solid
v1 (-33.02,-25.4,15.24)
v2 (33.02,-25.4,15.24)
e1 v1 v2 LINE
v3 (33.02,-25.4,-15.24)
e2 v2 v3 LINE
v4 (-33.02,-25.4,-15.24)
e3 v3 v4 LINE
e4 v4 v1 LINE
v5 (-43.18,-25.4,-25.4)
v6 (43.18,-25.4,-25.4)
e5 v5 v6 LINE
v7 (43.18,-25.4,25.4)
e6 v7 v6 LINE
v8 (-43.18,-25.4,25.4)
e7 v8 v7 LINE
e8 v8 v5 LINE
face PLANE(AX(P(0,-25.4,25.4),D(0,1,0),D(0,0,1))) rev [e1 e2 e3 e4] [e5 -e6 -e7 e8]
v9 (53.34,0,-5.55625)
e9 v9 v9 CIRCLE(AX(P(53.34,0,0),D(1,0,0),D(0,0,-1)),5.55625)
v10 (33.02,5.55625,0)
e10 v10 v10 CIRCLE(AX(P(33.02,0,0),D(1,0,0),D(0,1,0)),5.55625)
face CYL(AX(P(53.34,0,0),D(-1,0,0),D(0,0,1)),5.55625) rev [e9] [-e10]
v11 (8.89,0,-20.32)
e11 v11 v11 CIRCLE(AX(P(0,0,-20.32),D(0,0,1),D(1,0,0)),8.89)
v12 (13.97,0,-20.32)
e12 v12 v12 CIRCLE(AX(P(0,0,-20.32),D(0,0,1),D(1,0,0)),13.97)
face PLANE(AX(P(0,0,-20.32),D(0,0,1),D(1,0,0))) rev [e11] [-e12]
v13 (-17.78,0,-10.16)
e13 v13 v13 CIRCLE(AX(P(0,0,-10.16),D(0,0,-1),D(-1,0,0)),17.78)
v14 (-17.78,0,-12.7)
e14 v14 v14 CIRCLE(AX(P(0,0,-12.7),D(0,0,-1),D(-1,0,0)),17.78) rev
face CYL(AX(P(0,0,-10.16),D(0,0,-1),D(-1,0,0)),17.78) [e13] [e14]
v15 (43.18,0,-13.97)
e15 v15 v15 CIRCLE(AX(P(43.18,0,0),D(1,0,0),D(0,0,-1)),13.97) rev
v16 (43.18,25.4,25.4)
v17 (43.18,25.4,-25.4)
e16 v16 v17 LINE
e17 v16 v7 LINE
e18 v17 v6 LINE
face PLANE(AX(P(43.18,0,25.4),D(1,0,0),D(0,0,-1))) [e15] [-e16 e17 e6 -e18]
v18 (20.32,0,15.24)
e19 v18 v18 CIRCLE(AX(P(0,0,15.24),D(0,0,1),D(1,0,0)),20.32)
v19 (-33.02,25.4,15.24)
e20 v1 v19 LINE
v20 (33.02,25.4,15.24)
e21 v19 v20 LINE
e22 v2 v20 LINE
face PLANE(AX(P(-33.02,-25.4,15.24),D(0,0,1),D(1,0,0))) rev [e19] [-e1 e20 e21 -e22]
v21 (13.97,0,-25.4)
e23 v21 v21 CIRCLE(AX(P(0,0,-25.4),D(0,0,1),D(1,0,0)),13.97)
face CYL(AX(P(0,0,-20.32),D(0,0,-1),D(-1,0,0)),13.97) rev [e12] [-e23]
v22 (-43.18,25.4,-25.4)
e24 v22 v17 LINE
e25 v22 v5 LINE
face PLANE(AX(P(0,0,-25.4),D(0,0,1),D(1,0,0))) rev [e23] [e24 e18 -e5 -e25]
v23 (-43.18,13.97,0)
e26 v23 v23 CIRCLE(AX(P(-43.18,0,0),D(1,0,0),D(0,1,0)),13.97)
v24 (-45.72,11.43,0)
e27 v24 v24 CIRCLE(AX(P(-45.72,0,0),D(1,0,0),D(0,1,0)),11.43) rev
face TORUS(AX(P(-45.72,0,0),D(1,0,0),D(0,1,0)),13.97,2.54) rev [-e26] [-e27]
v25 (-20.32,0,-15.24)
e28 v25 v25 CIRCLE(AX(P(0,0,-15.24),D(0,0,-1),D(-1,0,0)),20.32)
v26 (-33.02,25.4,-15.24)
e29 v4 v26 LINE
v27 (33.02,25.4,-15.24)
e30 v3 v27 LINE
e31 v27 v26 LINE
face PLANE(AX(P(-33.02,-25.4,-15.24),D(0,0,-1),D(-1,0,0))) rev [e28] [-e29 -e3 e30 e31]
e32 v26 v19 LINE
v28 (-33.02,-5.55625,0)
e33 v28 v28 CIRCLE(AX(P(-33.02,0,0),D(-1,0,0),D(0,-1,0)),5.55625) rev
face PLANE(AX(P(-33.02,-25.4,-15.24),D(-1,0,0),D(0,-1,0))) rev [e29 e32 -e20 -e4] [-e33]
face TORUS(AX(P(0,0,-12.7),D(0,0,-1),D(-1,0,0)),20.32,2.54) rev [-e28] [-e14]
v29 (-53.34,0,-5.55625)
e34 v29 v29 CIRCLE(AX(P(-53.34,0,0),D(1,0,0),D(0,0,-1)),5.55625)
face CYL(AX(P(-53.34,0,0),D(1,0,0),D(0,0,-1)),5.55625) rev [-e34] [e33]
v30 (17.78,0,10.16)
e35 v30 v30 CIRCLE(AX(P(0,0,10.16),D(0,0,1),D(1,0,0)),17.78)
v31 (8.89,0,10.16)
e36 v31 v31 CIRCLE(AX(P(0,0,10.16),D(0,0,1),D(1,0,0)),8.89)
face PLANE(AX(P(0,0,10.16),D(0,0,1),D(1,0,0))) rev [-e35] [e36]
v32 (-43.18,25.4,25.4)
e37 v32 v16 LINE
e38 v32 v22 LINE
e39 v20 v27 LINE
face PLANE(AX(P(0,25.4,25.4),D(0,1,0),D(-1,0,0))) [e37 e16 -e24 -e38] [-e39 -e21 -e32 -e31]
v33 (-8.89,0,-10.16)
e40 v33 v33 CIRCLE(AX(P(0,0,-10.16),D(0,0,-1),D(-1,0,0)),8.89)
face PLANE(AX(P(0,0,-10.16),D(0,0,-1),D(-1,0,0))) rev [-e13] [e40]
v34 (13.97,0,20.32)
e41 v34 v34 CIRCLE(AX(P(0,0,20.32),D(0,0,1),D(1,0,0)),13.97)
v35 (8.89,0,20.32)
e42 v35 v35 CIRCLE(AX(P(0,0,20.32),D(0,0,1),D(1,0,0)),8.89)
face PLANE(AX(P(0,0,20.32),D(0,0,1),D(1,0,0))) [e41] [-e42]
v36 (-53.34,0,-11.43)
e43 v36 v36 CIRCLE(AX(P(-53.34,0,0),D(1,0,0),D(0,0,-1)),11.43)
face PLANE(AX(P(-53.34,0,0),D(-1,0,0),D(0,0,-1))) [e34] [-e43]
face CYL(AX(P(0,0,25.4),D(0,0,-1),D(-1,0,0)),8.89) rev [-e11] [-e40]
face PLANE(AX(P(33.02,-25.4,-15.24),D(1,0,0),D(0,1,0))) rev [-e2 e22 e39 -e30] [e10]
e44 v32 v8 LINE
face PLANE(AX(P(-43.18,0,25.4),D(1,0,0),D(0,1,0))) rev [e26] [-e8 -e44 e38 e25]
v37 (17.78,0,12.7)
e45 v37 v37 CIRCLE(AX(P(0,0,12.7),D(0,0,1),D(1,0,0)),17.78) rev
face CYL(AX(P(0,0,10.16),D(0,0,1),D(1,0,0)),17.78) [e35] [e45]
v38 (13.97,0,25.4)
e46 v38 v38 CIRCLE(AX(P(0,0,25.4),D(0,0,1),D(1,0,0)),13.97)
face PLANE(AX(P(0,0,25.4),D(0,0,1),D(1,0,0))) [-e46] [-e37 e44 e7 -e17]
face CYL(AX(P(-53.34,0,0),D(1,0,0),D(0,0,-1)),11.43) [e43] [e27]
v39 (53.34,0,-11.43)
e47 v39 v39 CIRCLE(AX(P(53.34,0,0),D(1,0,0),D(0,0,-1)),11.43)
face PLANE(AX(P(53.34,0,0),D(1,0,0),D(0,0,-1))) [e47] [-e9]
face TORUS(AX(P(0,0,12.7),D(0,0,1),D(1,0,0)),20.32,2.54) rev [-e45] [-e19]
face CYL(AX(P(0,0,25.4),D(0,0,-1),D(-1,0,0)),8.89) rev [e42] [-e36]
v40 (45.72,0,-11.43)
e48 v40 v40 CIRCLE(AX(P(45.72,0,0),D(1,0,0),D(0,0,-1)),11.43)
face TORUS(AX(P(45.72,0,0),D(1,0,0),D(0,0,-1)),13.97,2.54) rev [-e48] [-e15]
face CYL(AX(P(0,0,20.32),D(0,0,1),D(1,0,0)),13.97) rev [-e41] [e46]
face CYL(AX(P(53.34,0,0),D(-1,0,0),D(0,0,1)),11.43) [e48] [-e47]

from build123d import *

# Parameters (mm, degrees)
SKETCH1_W           = 86.36
SKETCH1_H           = 50.8
SKETCH1_R           = 8.89
BOSS_EXTRUDE2_DEPTH = 25.4
CUT_EXTRUDE2_START  = 25.4
SKETCH1_3_R         = 13.97
SKETCH1_3_R_2       = 8.89
CUT_EXTRUDE2_DEPTH  = 5.08
CUT_EXTRUDE4_START  = -25.4
SKETCH1_4_R         = 13.97
SKETCH1_4_R_2       = 8.89
CUT_EXTRUDE4_DEPTH  = 5.08
SKETCH3_R           = 11.43
SKETCH3_R_2         = 5.55625
BOSS_EXTRUDE3_DEPTH = 10.16
SKETCH3_2_R         = 5.55625
CUT_EXTRUDE5_DEPTH  = 97.52
SKETCH4_W           = 66.04
SKETCH4_H           = 30.48
CUT_EXTRUDE6_DEPTH  = 51.8
BOSS_EXTRUDE4_START = 15.24
SKETCH5_R           = 17.78
SKETCH5_R_2         = 8.89
BOSS_EXTRUDE4_DEPTH = 5.08
BOSS_EXTRUDE5_START = -15.24
SKETCH5_2_R         = 17.78
SKETCH5_2_R_2       = 8.89
BOSS_EXTRUDE5_DEPTH = 5.08
FILLET1_R           = 2.54
FILLET2_R           = 2.54


with BuildPart() as part:
    # Sketch1 → Boss-Extrude2 (new body, symmetric)
    with BuildSketch(Plane.XY):
        Rectangle(SKETCH1_W, SKETCH1_H)
        Circle(SKETCH1_R, mode=Mode.SUBTRACT)
    extrude(amount=BOSS_EXTRUDE2_DEPTH, both=True)

    # Sketch1<3> → Cut-Extrude2 (cut)
    with BuildSketch(Plane.XY.offset(CUT_EXTRUDE2_START)):
        Circle(SKETCH1_3_R)
        Circle(SKETCH1_3_R_2, mode=Mode.SUBTRACT)
    extrude(amount=-CUT_EXTRUDE2_DEPTH, mode=Mode.SUBTRACT)

    # Sketch1<4> → Cut-Extrude4 (cut)
    with BuildSketch(Plane.XY.offset(CUT_EXTRUDE4_START)):
        Circle(SKETCH1_4_R)
        Circle(SKETCH1_4_R_2, mode=Mode.SUBTRACT)
    extrude(amount=CUT_EXTRUDE4_DEPTH, mode=Mode.SUBTRACT)

    # Sketch3 → Boss-Extrude3 (add)
    with BuildSketch(Plane(origin=(43.18, 0, 0), x_dir=(0, 0, -1), z_dir=(1, 0, 0))):
        Circle(SKETCH3_R)
        Circle(SKETCH3_R_2, mode=Mode.SUBTRACT)
    boss_extrude3 = extrude(amount=BOSS_EXTRUDE3_DEPTH)

    # Mirror1: Boss-Extrude3 across plane
    add(boss_extrude3.mirror(Plane(origin=(0, 0, 0), x_dir=(0, 0, 1), z_dir=(1, 0, 0))))

    # Sketch3<2> → Cut-Extrude5 (cut, through all)
    with BuildSketch(Plane(origin=(43.18, 0, 0), x_dir=(0, 0, -1), z_dir=(1, 0, 0))):
        Circle(SKETCH3_2_R)
    extrude(amount=-CUT_EXTRUDE5_DEPTH, mode=Mode.SUBTRACT)

    # Sketch4 → Cut-Extrude6 (cut, through all)
    with BuildSketch(Plane(origin=(0, 25.4, 0), x_dir=(1, 0, 0), z_dir=(0, 1, 0))):
        Rectangle(SKETCH4_W, SKETCH4_H)
    extrude(amount=-CUT_EXTRUDE6_DEPTH, mode=Mode.SUBTRACT)

    # Sketch5 → Boss-Extrude4 (add)
    with BuildSketch(Plane.XY.offset(BOSS_EXTRUDE4_START)):
        Circle(SKETCH5_R)
        Circle(SKETCH5_R_2, mode=Mode.SUBTRACT)
    extrude(amount=-BOSS_EXTRUDE4_DEPTH)

    # Sketch5<2> → Boss-Extrude5 (add)
    with BuildSketch(Plane.XY.offset(BOSS_EXTRUDE5_START)):
        Circle(SKETCH5_2_R)
        Circle(SKETCH5_2_R_2, mode=Mode.SUBTRACT)
    extrude(amount=BOSS_EXTRUDE5_DEPTH)

    # Fillet1
    fillet1_edges = [part.edges().sort_by_distance(p)[0] for p in [
        (-17.78, 0, 15.24),
        (-17.78, 0, -15.24),
    ]]
    fillet(fillet1_edges, radius=FILLET1_R)

    # Fillet2
    fillet2_edges = [part.edges().sort_by_distance(p)[0] for p in [
        (43.18, 0, 11.43),
        (-43.18, 0, 11.43),
    ]]
    fillet(fillet2_edges, radius=FILLET2_R)


solid = part.part
